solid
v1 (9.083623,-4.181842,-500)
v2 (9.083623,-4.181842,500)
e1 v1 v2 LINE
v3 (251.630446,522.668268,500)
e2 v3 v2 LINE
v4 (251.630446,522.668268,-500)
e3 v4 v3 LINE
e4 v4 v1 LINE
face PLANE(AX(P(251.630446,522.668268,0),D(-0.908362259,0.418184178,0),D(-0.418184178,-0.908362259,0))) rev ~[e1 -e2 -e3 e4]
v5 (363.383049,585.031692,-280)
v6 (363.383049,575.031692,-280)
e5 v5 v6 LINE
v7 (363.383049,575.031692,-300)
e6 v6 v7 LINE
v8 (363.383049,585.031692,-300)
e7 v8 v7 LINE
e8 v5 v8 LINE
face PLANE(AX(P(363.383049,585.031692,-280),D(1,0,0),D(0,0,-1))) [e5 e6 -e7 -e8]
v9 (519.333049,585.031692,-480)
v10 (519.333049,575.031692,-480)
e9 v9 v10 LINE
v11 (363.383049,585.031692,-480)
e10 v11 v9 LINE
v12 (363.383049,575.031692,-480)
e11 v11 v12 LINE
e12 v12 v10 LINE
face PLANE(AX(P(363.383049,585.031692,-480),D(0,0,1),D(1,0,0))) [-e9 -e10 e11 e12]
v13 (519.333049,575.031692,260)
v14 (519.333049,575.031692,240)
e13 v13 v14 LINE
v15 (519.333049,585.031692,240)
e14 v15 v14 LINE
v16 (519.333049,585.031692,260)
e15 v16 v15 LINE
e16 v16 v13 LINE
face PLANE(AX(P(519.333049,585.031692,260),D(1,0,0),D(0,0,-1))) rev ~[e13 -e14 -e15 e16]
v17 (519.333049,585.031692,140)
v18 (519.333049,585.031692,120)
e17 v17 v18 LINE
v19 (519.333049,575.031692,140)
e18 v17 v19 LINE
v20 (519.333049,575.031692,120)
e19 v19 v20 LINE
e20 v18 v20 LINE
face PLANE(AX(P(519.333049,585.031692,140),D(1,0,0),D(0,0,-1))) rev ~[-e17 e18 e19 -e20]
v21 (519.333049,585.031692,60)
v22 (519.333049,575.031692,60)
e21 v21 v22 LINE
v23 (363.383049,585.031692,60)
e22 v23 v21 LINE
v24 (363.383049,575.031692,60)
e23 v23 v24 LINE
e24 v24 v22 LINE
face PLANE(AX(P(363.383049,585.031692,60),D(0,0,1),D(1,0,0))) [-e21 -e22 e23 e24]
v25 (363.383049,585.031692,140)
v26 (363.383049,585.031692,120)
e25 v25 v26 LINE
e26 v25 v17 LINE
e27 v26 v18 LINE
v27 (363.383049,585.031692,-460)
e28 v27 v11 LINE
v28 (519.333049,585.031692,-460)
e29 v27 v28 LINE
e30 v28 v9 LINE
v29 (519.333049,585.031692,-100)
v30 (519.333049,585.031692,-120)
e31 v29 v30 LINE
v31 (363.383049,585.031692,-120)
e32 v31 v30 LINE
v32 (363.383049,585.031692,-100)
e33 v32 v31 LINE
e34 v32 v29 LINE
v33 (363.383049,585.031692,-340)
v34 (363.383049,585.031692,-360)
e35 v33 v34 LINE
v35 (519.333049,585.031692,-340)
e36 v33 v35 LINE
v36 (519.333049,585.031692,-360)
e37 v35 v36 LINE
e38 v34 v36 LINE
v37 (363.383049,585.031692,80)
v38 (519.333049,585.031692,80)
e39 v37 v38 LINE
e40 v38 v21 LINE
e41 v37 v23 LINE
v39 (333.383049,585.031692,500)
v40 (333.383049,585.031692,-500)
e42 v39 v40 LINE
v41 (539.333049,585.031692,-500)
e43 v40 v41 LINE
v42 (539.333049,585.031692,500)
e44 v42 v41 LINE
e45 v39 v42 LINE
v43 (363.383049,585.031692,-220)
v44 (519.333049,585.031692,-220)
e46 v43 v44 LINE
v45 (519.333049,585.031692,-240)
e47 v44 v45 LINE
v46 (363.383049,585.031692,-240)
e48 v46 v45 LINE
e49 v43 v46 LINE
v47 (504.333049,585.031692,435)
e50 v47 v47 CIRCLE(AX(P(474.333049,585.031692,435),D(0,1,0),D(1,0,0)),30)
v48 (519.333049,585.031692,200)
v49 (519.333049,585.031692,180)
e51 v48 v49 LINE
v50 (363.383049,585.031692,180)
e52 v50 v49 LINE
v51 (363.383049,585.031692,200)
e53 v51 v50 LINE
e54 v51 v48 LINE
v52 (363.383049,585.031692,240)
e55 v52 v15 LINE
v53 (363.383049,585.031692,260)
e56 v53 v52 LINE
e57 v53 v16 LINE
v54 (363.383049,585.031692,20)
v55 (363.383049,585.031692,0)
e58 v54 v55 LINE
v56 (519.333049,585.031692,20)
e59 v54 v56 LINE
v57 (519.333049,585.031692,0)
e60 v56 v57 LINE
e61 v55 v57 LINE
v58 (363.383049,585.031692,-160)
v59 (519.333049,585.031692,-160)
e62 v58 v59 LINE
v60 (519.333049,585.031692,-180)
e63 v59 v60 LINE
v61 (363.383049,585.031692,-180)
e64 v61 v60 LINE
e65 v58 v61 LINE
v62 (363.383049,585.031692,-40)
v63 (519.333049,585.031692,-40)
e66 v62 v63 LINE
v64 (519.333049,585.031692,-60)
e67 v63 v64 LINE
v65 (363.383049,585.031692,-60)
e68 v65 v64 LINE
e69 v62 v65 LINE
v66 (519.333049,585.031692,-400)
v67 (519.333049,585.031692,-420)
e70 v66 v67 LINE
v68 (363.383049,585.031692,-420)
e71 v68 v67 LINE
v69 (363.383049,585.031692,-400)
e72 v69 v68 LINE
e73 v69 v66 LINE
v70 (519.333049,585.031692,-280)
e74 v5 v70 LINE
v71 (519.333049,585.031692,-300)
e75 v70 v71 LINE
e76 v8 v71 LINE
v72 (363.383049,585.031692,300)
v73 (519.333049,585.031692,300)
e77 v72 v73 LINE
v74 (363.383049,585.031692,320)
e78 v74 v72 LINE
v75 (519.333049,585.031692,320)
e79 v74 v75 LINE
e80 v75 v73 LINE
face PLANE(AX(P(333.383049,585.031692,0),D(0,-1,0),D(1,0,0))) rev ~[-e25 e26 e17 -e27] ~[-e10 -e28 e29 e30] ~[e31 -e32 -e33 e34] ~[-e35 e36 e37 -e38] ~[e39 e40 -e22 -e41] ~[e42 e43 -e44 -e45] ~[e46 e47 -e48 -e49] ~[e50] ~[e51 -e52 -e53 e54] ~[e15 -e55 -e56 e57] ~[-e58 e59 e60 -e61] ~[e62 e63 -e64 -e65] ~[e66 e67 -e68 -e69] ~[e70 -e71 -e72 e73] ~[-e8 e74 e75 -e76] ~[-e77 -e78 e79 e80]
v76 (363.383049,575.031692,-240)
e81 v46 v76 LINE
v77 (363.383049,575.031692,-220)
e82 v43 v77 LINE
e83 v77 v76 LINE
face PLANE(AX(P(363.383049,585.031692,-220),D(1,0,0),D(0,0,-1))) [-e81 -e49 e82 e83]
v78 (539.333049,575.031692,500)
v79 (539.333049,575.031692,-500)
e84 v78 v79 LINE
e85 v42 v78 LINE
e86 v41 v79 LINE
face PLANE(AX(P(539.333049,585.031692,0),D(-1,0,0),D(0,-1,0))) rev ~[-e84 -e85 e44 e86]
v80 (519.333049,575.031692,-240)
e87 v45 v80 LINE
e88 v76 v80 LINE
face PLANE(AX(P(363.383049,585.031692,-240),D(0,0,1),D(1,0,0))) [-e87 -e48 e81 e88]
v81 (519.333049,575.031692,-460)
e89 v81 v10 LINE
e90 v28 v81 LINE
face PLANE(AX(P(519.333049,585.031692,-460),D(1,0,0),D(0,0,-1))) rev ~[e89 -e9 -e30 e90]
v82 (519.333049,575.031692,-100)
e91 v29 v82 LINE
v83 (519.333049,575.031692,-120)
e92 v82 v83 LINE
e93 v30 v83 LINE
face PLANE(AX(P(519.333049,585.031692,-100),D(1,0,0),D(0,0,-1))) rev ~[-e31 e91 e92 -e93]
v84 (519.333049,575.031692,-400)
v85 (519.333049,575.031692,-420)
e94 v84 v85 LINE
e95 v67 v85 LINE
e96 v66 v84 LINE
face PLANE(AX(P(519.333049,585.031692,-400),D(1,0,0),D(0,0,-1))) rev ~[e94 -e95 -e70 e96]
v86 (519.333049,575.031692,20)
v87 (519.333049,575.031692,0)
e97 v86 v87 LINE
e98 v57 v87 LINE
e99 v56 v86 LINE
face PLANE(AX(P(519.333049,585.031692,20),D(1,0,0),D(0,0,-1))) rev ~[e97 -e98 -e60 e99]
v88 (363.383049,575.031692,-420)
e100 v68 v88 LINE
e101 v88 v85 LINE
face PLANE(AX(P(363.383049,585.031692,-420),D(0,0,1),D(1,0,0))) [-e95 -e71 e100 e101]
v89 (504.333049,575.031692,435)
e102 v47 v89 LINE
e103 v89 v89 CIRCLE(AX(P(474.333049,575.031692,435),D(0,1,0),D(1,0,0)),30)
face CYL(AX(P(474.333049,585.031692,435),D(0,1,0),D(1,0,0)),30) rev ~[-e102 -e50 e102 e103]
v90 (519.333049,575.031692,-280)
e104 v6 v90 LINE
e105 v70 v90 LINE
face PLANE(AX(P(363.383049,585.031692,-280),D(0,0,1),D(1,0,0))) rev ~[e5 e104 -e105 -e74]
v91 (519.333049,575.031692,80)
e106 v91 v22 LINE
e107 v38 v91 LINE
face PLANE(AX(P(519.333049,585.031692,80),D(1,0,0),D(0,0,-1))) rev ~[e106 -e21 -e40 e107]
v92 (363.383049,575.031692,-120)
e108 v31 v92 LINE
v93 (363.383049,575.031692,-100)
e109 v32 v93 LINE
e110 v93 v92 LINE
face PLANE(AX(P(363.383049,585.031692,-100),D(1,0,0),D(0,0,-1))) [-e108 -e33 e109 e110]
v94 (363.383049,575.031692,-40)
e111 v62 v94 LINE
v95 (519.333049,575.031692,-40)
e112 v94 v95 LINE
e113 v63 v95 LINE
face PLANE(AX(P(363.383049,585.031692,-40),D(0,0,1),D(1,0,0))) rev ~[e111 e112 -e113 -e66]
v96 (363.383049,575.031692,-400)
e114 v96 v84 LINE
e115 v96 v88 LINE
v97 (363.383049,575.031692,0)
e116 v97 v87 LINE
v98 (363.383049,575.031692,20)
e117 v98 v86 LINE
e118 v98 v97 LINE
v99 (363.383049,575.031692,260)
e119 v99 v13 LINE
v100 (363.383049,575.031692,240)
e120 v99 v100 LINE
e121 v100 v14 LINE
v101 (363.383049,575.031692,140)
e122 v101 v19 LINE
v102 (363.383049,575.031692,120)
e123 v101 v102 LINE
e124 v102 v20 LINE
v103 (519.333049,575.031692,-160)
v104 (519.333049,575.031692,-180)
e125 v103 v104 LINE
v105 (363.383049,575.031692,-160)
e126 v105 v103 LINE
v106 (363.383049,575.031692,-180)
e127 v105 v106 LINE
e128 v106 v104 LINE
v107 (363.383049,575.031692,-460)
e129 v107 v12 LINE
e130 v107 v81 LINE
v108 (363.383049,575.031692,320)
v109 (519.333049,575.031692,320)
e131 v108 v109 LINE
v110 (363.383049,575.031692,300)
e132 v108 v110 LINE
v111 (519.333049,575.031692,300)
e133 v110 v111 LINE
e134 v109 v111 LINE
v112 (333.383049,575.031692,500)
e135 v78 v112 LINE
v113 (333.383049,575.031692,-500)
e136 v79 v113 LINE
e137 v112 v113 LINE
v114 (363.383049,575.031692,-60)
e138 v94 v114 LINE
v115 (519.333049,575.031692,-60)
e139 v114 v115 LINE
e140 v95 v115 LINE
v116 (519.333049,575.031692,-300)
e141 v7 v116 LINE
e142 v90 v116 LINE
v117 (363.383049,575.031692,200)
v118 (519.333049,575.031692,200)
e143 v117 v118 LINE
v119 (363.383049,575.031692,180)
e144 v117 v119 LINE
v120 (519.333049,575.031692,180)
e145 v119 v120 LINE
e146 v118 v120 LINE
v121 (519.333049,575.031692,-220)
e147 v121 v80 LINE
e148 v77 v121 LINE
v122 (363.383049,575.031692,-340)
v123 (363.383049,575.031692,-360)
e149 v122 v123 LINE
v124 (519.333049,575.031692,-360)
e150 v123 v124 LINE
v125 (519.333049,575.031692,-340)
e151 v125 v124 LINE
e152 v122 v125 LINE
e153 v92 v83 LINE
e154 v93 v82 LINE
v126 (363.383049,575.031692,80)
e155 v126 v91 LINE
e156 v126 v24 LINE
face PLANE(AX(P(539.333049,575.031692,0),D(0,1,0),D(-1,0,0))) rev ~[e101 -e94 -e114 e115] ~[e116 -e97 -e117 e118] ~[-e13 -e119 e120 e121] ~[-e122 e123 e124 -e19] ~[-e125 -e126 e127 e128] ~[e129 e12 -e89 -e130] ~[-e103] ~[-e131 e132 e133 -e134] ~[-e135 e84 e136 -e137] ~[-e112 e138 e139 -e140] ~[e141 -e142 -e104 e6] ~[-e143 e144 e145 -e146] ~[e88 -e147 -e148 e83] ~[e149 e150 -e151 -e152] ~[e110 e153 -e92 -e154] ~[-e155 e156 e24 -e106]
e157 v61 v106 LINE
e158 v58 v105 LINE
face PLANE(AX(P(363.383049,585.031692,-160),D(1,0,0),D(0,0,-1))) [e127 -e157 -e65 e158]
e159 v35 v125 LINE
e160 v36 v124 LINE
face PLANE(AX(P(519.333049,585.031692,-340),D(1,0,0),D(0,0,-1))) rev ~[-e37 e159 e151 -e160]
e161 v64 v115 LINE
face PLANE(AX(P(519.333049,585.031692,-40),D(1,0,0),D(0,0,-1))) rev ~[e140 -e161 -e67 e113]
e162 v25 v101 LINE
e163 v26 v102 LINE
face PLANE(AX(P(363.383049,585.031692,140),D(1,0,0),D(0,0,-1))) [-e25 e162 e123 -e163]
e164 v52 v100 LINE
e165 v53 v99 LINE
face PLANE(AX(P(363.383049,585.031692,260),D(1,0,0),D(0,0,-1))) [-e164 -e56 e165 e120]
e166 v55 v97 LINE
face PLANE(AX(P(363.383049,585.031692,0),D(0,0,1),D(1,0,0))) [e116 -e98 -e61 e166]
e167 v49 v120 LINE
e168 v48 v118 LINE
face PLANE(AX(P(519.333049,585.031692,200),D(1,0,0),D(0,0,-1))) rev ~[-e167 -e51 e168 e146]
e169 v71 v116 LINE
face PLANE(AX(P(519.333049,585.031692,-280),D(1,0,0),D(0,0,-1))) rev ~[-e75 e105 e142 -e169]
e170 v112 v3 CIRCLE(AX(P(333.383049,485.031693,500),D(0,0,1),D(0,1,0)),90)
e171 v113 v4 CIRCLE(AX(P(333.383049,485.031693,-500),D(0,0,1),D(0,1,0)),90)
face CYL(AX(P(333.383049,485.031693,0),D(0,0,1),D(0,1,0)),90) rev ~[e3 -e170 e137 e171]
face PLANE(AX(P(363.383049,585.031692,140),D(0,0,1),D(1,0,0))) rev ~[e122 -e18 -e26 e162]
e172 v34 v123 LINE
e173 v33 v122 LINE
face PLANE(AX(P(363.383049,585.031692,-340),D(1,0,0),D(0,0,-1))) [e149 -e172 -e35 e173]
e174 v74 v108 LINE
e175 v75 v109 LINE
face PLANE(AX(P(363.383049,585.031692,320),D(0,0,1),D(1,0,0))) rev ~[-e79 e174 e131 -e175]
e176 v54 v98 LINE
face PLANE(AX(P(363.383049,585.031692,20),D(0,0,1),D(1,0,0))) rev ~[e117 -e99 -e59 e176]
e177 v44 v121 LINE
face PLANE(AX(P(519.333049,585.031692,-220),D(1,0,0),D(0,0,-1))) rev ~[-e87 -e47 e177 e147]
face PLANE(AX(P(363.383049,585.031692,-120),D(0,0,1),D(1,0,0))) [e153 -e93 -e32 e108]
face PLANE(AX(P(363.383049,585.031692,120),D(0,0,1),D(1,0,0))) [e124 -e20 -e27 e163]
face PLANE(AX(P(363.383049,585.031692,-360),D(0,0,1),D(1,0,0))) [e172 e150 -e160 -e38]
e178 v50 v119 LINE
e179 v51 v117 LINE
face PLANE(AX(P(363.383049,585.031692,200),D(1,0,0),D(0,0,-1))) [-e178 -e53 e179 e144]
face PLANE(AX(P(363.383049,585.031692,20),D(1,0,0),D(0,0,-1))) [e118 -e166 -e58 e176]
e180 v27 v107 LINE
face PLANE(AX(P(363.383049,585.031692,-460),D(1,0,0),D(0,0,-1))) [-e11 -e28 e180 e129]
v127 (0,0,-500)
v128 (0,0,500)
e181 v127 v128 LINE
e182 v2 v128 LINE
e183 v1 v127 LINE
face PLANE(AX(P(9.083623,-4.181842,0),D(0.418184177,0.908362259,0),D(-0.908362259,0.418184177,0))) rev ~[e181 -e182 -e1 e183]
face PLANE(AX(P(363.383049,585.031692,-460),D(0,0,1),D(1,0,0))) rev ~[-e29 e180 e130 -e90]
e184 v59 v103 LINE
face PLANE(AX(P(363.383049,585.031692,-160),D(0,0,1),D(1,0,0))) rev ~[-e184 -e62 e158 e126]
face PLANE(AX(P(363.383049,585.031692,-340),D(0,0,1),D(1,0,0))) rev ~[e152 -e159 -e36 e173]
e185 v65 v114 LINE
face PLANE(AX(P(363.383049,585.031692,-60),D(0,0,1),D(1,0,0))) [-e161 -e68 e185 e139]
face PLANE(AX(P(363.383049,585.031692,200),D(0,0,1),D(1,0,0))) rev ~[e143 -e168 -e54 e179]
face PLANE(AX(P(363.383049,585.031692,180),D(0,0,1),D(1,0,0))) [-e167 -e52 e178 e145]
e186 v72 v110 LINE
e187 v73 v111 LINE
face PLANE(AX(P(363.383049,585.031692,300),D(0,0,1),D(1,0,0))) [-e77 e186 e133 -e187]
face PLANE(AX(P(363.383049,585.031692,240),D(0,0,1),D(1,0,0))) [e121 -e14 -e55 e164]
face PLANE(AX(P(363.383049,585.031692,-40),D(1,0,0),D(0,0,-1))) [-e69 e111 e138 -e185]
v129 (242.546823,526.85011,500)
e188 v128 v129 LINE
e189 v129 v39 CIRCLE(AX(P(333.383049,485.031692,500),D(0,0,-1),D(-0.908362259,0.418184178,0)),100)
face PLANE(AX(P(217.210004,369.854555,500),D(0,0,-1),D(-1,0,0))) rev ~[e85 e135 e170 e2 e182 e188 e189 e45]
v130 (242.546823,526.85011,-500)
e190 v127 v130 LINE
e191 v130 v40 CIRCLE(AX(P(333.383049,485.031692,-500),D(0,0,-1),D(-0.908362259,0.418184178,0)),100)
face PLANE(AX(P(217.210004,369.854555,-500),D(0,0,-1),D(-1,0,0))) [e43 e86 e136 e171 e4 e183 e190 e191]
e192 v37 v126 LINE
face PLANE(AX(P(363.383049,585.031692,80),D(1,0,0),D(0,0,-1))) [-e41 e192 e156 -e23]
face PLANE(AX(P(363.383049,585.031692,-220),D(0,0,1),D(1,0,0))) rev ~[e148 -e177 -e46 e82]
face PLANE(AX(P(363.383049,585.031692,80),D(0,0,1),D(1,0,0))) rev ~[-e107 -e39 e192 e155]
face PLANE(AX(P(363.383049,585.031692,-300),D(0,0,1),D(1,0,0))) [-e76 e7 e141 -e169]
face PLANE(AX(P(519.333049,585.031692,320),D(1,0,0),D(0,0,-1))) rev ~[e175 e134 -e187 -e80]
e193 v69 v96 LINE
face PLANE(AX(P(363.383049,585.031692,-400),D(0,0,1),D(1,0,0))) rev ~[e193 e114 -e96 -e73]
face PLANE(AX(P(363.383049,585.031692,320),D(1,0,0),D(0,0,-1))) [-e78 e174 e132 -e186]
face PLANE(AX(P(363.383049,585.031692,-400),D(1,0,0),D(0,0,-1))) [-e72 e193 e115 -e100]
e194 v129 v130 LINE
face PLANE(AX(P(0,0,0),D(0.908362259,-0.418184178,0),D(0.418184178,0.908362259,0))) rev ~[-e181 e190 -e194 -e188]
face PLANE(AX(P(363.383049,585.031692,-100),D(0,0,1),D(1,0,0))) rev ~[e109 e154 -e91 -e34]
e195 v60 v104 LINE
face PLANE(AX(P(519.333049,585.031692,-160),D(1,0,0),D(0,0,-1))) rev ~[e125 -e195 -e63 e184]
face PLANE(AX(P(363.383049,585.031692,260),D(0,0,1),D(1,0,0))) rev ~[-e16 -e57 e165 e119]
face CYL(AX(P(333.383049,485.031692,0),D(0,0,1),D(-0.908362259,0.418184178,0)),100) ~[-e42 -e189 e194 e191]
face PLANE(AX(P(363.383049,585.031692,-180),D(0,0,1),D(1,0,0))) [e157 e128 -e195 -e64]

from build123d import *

# Parameters (mm, degrees)
EXTRUDE_THIN1_DEPTH = 500
SKETCH2_R           = 30
SKETCH2_W           = 155.95
SKETCH2_H           = 20
CUT_EXTRUDE1_DEPTH  = 590.213534275


with BuildPart() as part:
    # Sketch1 → Extrude-Thin1 (new body, symmetric)
    with BuildSketch(Plane.XY):
        with BuildLine():
            Line((0, 0), (242.546822959, 526.850110252))
            ThreePointArc((242.546822959, 526.850110252), (279.447169226, 569.239298377), (333.383048865, 585.0316925))
            Line((333.383048865, 585.0316925), (539.333048865, 585.0316925))
            Line((539.333048865, 585.0316925), (539.333048865, 575.0316925))
            Line((539.333048865, 575.0316925), (333.383048865, 575.0316925))
            ThreePointArc((333.383048865, 575.0316925), (284.84075719, 560.81853779), (251.63044555, 522.668268477))
            Line((251.63044555, 522.668268477), (9.083622591, -4.181841775))
            Line((9.083622591, -4.181841775), (0, 0))
        make_face()
    extrude(amount=EXTRUDE_THIN1_DEPTH, both=True)

    # Sketch2 → Cut-Extrude1 (cut, through all)
    with BuildSketch(Plane(origin=(0, 585.0316925, 0), x_dir=(1, 0, 0), z_dir=(0, 1, 0))):
        with Locations((474.333048865, -435)):
            Circle(SKETCH2_R)
        with Locations((441.358048865, 470)):
            Rectangle(SKETCH2_W, SKETCH2_H)
        with Locations((441.358048865, 410)):
            Rectangle(SKETCH2_W, SKETCH2_H)
        with Locations((441.358048865, 350)):
            Rectangle(SKETCH2_W, SKETCH2_H)
        with Locations((441.358048865, 290)):
            Rectangle(SKETCH2_W, SKETCH2_H)
        with Locations((441.358048865, 230)):
            Rectangle(SKETCH2_W, SKETCH2_H)
        with Locations((441.358048865, 170)):
            Rectangle(SKETCH2_W, SKETCH2_H)
        with Locations((441.358048865, 110)):
            Rectangle(SKETCH2_W, SKETCH2_H)
        with Locations((441.358048865, 50)):
            Rectangle(SKETCH2_W, SKETCH2_H)
        with Locations((441.358048865, -10)):
            Rectangle(SKETCH2_W, SKETCH2_H)
        with Locations((441.358048865, -70)):
            Rectangle(SKETCH2_W, SKETCH2_H)
        with Locations((441.358048865, -130)):
            Rectangle(SKETCH2_W, SKETCH2_H)
        with Locations((441.358048865, -190)):
            Rectangle(SKETCH2_W, SKETCH2_H)
        with Locations((441.358048865, -250)):
            Rectangle(SKETCH2_W, SKETCH2_H)
        with Locations((441.358048865, -310)):
            Rectangle(SKETCH2_W, SKETCH2_H)
    extrude(amount=-CUT_EXTRUDE1_DEPTH, mode=Mode.SUBTRACT)


solid = part.part
